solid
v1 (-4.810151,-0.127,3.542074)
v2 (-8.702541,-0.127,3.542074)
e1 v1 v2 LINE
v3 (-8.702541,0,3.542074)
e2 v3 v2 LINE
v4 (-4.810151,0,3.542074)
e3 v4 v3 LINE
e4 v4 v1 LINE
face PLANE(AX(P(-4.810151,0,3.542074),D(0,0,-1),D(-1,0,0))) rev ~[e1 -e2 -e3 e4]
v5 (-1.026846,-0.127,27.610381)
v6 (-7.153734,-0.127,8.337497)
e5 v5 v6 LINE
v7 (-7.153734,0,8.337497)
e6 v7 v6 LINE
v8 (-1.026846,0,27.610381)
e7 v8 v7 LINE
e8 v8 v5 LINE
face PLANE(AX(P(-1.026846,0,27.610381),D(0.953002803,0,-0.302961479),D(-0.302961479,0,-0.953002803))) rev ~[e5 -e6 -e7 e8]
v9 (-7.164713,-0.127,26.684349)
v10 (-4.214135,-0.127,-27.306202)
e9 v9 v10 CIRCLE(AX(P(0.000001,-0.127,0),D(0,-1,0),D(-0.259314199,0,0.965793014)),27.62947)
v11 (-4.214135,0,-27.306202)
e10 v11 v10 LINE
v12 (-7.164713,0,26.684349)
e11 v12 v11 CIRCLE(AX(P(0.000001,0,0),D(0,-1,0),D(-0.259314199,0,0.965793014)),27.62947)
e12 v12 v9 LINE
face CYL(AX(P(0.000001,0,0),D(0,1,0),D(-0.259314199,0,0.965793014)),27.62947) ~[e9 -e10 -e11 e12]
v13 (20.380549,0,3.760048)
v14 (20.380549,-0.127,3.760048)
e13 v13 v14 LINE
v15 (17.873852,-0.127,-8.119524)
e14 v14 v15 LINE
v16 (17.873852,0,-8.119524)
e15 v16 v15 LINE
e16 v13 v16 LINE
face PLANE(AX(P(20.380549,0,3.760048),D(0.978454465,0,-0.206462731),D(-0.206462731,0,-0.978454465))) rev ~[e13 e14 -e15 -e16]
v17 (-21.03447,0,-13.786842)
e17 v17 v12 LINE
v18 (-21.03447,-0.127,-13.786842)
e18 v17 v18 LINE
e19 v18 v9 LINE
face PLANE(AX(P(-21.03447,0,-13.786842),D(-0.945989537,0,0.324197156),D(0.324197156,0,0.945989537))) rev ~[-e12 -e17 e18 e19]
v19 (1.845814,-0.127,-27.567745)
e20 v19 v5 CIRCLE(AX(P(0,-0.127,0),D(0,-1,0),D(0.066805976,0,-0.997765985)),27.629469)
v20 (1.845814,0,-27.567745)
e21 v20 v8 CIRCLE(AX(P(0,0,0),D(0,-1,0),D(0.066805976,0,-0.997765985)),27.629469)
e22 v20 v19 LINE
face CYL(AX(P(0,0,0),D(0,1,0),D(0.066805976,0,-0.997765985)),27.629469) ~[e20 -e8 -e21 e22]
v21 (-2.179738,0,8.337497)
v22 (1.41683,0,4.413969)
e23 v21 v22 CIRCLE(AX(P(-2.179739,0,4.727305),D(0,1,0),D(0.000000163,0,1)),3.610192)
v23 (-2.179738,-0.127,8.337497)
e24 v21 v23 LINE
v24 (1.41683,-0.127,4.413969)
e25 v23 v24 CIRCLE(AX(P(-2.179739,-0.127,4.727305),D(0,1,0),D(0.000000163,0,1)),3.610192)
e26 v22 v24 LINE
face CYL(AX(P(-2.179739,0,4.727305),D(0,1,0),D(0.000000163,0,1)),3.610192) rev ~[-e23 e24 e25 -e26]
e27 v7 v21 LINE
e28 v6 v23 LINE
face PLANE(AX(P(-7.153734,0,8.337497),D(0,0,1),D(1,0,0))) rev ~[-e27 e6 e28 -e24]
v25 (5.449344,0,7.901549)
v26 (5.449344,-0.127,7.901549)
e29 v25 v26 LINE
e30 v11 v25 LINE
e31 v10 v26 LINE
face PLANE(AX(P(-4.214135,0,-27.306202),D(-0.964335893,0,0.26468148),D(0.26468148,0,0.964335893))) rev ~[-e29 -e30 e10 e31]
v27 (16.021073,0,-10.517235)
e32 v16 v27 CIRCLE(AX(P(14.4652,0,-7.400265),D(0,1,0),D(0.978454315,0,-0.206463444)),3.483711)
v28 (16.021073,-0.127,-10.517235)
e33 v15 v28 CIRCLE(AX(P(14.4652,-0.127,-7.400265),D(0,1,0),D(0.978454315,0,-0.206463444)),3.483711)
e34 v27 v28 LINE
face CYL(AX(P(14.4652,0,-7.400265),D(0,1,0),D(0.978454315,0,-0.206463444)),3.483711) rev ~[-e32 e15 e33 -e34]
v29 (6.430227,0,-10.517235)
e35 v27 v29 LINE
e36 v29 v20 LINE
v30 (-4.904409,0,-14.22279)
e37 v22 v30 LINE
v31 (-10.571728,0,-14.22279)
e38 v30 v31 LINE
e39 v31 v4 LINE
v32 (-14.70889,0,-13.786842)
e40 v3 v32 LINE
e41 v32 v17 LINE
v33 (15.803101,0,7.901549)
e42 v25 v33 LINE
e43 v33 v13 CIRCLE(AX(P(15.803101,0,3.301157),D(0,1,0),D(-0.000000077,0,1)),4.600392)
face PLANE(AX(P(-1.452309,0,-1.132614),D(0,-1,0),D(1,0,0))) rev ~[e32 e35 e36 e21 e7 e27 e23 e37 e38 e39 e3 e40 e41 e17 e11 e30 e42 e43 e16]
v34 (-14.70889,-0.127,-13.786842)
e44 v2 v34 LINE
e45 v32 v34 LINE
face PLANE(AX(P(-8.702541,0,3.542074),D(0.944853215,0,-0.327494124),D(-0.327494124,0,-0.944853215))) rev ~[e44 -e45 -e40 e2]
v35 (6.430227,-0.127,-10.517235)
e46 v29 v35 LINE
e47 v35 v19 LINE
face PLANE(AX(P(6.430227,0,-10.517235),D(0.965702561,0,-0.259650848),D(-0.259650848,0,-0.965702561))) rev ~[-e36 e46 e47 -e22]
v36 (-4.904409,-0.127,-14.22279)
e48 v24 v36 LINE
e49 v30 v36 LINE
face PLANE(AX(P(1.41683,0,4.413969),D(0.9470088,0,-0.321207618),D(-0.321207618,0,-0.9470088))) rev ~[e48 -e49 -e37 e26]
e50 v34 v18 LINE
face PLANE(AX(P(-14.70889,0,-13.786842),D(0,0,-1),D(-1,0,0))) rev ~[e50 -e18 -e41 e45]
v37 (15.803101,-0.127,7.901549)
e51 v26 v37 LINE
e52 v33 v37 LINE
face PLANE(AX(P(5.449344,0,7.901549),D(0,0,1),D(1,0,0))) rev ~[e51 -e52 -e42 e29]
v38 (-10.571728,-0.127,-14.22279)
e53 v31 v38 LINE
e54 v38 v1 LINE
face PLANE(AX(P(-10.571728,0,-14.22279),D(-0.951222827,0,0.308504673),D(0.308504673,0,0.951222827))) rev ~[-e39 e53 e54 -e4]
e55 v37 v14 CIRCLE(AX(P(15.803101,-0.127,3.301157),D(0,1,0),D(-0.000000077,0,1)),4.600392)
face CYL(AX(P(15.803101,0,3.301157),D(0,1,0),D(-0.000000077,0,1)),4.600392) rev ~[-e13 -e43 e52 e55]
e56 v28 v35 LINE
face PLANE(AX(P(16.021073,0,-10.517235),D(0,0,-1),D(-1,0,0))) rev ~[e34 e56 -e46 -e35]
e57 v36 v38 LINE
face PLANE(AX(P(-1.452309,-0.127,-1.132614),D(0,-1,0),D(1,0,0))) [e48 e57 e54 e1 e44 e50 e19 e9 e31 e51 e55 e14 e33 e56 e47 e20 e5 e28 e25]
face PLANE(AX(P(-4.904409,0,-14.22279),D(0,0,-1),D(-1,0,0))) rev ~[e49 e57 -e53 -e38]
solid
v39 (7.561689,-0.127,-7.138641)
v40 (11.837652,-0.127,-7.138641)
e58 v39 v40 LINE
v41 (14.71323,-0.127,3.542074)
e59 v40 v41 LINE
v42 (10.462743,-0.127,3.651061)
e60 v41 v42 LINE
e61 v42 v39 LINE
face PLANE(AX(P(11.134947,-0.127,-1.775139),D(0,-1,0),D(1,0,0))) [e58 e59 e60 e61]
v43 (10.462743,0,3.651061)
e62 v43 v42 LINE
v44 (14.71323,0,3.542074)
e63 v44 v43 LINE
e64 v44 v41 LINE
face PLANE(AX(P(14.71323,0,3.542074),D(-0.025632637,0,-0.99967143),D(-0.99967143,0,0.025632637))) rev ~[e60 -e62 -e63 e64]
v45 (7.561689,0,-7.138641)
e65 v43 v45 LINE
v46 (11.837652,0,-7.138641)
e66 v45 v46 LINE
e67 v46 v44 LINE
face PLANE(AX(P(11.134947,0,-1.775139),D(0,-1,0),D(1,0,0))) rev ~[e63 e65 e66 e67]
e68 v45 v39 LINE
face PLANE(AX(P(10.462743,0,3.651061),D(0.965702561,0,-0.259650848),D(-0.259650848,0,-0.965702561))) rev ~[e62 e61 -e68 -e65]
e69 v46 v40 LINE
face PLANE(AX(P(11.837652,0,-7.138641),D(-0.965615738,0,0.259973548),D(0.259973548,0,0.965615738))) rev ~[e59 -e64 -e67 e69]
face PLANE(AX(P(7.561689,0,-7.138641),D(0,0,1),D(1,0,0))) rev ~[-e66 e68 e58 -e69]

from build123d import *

# Parameters (mm, degrees)
F1_DEPTH = 0.127


with BuildPart() as f1:
    # F0 (on Front) → F1 (new body)
    with BuildSketch(Plane.XZ):
        with BuildLine():
            Line((-8.702541, 3.542074), (-14.70889, -13.786842))
            Line((-14.70889, -13.786842), (-21.03447, -13.786842))
            Line((-21.03447, -13.786842), (-7.164713, 26.684349))
            ThreePointArc((-7.164713, 26.684349), (-27.588302, -1.507698), (-4.214135, -27.306202))
            Line((-4.214135, -27.306202), (5.449344, 7.901549))
            Line((5.449344, 7.901549), (15.803101, 7.901549))
            ThreePointArc((15.803101, 7.901549), (18.889566, 6.712512), (20.380549, 3.760048))
            Line((20.380549, 3.760048), (17.873852, -8.119524))
            ThreePointArc((17.873852, -8.119524), (17.221807, -9.530373), (16.021073, -10.517235))
            Line((16.021073, -10.517235), (6.430227, -10.517235))
            Line((6.430227, -10.517235), (1.845814, -27.567745))
            ThreePointArc((1.845814, -27.567745), (27.592102, 1.436488), (-1.026846, 27.610381))
            Line((-1.026846, 27.610381), (-7.153734, 8.337497))
            Line((-7.153734, 8.337497), (-2.179738, 8.337497))
            ThreePointArc((-2.179738, 8.337497), (0.481529, 7.166801), (1.41683, 4.413969))
            Line((1.41683, 4.413969), (-4.904409, -14.22279))
            Line((-4.904409, -14.22279), (-10.571728, -14.22279))
            Line((-10.571728, -14.22279), (-4.810151, 3.542074))
            Line((-4.810151, 3.542074), (-8.702541, 3.542074))
        make_face()
        Polygon((11.837652, -7.138641), (14.71323, 3.542074), (10.462743, 3.651061), (7.561689, -7.138641), align=None)
    extrude(amount=F1_DEPTH)


solid = f1.part
